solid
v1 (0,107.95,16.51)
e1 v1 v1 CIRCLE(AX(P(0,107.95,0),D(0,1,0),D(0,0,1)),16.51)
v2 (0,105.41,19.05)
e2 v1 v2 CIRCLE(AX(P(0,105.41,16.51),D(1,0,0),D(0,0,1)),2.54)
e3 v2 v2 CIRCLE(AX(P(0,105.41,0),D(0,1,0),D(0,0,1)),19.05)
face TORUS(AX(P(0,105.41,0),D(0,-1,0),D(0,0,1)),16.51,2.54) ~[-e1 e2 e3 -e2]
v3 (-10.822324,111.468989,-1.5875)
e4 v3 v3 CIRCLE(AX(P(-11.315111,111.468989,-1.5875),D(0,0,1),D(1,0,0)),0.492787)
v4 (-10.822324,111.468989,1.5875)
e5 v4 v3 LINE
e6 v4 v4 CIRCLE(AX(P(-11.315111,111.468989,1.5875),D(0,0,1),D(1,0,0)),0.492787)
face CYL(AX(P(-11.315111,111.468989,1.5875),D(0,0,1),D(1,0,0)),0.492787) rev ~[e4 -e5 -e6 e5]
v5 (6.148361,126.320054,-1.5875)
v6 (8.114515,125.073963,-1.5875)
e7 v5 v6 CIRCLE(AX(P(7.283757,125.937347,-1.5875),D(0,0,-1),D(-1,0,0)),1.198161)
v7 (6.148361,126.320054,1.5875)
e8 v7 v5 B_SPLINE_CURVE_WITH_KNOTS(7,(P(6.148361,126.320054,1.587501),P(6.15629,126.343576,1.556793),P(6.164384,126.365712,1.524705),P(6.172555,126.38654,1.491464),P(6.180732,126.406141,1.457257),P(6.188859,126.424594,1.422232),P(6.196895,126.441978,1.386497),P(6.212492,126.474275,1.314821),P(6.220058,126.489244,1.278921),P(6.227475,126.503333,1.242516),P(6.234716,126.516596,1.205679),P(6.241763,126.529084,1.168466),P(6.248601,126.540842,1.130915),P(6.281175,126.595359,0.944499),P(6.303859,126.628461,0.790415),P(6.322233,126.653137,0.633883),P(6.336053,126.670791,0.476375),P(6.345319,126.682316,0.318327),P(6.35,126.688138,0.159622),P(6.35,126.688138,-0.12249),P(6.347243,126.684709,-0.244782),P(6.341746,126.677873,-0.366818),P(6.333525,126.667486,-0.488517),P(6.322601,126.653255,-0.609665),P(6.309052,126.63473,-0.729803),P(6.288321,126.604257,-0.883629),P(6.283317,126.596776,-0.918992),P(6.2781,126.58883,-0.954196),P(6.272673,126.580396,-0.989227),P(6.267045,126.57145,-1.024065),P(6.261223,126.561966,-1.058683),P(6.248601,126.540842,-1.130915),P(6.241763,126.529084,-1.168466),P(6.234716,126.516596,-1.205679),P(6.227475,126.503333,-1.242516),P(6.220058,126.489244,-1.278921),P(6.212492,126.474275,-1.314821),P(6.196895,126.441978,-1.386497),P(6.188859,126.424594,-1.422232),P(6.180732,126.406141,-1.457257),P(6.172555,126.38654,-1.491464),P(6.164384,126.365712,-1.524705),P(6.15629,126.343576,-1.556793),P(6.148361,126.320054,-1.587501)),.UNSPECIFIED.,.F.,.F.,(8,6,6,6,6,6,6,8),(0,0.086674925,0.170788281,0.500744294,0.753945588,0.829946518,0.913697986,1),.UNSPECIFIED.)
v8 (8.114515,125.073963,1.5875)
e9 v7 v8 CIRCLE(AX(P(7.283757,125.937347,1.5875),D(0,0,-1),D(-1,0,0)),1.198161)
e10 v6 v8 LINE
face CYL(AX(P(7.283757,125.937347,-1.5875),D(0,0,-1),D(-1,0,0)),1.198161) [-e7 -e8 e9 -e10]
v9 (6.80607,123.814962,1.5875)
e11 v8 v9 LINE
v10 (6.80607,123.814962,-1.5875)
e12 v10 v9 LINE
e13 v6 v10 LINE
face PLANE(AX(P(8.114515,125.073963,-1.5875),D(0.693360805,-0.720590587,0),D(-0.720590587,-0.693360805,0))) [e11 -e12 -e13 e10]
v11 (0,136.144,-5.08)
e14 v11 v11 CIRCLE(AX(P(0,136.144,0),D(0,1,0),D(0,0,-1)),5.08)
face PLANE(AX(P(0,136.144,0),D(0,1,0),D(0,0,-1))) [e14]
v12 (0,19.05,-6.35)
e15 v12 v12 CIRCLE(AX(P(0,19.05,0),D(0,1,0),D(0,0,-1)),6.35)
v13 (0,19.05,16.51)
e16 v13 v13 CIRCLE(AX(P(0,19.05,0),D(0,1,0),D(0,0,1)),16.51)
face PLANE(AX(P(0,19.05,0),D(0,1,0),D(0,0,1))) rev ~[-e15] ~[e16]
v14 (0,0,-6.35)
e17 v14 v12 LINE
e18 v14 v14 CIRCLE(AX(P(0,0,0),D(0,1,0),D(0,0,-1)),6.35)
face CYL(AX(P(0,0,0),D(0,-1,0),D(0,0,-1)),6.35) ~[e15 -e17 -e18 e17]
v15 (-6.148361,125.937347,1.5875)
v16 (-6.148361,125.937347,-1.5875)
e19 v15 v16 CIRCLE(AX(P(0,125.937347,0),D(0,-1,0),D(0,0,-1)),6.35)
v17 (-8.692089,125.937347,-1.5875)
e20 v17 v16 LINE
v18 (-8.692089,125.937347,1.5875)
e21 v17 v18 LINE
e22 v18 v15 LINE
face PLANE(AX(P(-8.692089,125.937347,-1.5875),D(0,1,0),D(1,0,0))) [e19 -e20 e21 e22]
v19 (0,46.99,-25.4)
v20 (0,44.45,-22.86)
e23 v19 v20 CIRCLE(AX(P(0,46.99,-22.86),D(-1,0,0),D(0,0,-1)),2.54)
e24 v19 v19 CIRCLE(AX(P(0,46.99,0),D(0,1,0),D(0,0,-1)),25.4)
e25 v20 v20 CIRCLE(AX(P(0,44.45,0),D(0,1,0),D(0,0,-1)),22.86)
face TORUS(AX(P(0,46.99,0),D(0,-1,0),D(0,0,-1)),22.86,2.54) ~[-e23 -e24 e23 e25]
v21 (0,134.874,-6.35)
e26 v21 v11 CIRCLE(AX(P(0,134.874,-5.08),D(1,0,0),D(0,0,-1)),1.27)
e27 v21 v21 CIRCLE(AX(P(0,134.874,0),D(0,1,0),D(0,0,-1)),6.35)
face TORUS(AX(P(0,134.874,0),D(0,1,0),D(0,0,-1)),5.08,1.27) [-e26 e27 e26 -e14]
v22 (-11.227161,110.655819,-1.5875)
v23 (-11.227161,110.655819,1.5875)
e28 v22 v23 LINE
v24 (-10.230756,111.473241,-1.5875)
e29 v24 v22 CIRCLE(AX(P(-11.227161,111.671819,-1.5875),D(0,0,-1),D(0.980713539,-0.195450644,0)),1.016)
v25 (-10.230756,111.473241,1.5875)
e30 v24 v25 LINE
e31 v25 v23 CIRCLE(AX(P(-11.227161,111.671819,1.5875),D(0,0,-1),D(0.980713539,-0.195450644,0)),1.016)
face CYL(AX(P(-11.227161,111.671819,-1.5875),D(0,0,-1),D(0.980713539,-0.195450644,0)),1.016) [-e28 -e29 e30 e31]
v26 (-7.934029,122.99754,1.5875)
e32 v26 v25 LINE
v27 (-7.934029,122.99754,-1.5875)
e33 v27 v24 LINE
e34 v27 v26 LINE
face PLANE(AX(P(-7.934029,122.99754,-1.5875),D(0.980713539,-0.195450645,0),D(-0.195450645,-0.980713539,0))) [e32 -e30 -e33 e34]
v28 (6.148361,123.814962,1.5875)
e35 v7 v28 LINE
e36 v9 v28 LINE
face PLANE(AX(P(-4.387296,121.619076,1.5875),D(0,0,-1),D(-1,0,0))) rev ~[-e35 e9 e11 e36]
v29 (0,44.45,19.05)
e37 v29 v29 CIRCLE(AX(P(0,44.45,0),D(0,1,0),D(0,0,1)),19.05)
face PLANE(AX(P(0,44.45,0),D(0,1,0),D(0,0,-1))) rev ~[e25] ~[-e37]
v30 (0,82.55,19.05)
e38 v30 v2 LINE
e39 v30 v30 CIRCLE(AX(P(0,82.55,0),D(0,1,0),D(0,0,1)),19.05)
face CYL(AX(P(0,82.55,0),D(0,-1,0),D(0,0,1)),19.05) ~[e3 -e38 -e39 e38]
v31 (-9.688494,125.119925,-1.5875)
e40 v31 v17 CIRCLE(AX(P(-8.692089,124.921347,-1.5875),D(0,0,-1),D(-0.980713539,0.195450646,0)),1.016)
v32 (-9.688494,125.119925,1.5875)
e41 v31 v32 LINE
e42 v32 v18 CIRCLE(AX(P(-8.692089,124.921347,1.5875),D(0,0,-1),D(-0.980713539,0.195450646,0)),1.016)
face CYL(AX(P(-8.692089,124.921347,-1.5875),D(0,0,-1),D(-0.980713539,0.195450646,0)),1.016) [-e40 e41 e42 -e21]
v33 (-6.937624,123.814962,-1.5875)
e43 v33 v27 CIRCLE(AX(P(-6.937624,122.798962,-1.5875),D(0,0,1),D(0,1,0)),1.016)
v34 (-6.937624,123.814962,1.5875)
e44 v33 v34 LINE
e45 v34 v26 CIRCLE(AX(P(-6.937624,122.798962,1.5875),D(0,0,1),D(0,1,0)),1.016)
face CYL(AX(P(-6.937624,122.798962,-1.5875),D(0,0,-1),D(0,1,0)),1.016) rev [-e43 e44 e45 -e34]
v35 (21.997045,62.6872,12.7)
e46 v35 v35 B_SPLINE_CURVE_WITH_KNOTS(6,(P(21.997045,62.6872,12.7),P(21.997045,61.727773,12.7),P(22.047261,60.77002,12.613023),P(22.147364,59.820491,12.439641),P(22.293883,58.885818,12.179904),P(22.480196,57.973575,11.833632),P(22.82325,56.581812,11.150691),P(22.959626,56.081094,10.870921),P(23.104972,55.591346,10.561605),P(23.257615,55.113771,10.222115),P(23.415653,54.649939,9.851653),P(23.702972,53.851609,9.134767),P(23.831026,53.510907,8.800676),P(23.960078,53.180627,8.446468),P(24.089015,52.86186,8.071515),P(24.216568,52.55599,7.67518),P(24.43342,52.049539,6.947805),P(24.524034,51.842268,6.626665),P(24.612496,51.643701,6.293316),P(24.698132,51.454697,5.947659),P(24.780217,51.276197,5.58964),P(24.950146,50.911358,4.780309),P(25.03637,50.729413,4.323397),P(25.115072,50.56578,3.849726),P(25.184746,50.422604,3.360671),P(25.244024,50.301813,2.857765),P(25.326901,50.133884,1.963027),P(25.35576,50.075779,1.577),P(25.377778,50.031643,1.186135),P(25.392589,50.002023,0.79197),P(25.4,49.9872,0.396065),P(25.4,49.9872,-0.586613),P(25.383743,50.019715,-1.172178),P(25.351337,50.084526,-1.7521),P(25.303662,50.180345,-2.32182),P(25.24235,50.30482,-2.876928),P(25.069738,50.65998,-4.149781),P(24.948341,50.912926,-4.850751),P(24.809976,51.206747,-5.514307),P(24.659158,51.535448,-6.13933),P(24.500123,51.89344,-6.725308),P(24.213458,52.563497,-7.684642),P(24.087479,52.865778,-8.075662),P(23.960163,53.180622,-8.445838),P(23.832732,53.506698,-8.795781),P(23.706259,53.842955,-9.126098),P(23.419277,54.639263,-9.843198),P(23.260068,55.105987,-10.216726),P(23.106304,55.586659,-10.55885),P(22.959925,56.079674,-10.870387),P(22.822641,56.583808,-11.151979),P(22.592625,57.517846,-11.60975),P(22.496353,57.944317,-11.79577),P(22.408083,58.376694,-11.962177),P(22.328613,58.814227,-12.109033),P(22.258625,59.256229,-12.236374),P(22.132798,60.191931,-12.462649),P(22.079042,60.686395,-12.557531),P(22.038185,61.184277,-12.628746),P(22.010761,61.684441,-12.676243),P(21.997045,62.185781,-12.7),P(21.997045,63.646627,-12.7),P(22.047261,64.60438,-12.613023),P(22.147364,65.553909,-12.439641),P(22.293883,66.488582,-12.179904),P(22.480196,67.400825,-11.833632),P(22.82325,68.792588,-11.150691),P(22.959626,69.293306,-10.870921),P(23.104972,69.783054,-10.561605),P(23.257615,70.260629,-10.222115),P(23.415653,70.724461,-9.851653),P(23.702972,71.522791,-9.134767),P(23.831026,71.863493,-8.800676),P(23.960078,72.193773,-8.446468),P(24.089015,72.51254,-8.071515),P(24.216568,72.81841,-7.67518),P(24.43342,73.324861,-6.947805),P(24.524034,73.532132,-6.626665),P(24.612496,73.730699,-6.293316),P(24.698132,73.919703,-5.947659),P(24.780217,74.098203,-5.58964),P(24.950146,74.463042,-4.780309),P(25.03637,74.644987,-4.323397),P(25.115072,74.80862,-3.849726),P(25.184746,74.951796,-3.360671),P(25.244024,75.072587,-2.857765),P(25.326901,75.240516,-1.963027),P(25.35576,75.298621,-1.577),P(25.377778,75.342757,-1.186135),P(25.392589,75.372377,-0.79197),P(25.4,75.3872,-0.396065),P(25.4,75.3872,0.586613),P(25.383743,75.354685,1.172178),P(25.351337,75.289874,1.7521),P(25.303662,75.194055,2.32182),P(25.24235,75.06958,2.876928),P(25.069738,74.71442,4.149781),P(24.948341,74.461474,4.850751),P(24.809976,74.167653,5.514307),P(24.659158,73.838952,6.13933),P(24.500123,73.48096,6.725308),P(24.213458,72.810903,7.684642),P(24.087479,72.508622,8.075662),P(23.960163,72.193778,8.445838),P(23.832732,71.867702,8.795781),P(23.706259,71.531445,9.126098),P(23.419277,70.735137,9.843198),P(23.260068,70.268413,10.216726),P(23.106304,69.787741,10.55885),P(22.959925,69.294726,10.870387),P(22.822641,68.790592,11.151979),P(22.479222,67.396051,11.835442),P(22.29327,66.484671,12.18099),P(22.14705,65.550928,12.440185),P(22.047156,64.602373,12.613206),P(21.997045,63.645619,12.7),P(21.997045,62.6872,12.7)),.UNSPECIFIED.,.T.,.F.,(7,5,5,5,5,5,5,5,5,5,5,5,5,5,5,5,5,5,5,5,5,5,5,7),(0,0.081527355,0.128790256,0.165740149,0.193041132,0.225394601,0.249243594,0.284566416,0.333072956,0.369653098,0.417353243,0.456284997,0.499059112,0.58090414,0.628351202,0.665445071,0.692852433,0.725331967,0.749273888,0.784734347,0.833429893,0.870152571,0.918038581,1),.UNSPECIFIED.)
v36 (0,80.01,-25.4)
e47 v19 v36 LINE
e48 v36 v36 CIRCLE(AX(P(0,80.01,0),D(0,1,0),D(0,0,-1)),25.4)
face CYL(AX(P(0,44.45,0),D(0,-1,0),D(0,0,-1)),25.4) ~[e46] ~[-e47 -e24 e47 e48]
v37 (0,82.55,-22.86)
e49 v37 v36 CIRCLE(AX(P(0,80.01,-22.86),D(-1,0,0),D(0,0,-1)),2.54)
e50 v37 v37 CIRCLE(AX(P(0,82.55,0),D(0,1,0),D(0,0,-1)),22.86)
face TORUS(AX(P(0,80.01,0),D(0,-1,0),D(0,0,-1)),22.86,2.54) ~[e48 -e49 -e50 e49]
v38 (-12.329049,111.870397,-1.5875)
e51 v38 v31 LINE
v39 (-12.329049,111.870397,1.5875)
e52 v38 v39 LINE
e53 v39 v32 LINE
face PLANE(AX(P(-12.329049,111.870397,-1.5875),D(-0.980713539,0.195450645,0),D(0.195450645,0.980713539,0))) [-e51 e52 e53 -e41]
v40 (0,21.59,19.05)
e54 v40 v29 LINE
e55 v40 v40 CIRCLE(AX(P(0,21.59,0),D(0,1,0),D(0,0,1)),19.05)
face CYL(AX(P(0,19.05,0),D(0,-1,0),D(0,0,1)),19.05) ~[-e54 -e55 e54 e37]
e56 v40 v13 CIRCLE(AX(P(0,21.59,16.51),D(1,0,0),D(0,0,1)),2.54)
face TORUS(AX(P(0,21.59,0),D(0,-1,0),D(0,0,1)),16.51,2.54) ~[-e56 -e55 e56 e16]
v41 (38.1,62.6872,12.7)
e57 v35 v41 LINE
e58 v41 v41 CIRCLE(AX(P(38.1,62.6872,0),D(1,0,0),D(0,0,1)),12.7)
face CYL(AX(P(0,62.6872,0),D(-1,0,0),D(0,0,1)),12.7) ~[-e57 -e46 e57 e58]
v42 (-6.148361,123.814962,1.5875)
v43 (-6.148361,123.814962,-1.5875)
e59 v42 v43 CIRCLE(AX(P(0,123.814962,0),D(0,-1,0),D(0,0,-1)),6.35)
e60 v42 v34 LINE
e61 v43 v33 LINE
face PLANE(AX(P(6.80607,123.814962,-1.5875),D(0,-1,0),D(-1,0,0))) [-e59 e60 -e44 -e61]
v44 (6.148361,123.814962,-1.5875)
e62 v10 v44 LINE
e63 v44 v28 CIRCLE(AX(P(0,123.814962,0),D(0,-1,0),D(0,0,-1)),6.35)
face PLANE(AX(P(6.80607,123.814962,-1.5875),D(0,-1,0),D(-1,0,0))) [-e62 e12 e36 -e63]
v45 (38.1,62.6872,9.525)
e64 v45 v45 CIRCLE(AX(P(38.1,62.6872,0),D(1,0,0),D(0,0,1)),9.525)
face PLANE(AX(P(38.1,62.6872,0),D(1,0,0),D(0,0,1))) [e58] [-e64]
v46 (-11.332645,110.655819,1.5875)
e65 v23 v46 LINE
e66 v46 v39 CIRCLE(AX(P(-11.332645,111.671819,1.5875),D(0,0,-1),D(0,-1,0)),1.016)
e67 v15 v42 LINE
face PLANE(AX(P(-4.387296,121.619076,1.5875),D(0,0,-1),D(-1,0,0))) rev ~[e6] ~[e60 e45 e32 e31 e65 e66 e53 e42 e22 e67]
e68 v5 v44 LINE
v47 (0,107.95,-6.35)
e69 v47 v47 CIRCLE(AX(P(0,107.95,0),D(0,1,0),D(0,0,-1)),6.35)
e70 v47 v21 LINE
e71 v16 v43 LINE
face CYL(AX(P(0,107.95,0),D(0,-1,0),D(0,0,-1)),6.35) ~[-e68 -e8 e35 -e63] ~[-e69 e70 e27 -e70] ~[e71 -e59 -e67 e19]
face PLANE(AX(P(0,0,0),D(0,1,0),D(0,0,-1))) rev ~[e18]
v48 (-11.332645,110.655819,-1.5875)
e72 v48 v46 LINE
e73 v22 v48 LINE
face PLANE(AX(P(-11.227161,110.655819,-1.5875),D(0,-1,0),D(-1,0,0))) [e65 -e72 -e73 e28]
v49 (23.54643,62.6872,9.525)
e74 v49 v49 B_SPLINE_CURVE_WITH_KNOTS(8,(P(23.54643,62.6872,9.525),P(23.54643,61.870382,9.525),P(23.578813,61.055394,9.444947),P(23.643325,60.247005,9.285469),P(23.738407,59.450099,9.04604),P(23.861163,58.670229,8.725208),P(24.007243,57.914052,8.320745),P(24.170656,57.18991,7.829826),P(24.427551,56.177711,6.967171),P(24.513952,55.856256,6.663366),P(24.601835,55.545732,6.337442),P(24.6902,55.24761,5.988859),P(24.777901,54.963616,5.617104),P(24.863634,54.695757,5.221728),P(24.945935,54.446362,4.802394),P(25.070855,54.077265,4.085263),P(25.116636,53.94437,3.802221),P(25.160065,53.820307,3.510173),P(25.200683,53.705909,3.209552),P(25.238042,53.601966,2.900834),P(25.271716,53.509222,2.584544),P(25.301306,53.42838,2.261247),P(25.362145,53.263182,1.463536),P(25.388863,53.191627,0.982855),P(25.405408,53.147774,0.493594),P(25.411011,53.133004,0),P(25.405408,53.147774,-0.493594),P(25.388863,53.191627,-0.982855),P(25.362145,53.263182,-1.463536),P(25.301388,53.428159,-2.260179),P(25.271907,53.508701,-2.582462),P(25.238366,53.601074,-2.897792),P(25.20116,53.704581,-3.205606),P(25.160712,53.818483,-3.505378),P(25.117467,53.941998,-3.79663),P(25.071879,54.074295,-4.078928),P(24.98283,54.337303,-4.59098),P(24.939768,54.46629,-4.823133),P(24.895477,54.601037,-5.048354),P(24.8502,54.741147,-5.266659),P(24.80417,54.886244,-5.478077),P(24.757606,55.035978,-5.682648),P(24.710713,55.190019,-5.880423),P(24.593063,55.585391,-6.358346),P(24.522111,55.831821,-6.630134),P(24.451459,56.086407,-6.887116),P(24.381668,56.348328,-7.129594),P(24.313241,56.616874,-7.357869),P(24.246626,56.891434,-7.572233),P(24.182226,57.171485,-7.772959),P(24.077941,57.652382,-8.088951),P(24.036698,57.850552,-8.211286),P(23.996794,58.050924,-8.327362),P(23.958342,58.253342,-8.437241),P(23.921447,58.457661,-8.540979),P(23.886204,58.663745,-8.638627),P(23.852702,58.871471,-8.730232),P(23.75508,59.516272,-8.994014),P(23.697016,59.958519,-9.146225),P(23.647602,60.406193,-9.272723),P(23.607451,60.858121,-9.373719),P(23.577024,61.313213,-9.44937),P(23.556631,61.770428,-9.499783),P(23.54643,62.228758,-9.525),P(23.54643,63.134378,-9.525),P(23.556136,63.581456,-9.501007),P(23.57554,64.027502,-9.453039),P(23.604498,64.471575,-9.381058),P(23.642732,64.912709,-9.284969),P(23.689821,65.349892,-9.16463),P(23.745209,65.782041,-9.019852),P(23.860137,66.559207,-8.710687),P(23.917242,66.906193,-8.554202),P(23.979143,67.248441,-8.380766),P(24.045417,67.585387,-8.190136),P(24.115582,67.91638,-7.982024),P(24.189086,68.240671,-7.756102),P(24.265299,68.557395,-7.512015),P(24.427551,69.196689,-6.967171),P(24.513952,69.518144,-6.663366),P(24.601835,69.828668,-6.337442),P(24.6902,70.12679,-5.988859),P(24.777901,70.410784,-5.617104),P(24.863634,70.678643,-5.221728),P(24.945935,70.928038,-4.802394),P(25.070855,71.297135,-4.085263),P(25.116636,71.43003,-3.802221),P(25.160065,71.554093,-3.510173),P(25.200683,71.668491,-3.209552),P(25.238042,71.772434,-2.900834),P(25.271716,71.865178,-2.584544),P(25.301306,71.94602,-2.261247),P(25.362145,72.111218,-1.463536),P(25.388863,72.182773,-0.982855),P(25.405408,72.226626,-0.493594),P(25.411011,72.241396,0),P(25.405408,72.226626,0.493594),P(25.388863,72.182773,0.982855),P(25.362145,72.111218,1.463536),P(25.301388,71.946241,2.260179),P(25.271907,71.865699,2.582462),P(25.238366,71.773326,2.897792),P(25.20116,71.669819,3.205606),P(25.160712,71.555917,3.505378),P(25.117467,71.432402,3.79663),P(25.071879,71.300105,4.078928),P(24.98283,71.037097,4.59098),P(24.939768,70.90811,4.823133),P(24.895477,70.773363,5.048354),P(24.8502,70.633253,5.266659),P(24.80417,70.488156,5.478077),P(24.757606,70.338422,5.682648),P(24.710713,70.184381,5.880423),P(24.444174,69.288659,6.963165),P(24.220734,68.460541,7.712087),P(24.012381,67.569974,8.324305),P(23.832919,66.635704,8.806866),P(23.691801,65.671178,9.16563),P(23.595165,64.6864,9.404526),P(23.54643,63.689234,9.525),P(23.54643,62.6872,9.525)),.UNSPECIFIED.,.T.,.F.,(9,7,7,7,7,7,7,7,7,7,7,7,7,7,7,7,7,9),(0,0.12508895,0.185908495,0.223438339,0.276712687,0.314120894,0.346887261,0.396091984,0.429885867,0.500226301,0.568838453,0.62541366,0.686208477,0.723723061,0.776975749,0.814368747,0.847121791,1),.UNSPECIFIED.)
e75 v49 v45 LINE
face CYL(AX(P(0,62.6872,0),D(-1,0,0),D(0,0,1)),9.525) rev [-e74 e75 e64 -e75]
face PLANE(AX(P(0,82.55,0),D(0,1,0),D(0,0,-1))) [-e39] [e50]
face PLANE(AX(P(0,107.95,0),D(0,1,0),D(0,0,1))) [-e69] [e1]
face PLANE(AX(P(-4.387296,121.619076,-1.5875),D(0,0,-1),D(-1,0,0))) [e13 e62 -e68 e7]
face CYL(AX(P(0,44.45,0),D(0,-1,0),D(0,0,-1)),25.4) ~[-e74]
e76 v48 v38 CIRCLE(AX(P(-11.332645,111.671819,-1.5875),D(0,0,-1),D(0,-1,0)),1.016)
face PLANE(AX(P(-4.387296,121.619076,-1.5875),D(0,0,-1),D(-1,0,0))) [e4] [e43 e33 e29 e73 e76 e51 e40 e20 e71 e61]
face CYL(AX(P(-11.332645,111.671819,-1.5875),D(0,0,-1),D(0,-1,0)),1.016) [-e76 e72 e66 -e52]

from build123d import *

# Parameters (mm, degrees)
SKETCH1_R                = 6.35
BOSS_EXTRUDE1_DEPTH      = 19.05
SKETCH2_R                = 19.05
BOSS_EXTRUDE2_DEPTH      = 25.4
SKETCH3_R                = 25.4
BOSS_EXTRUDE3_DEPTH      = 38.1
SKETCH4_R                = 19.05
BOSS_EXTRUDE4_DEPTH      = 25.4
SKETCH6_R                = 6.35
BOSS_EXTRUDE5_DEPTH      = 28.194
SKETCH8_R                = 12.7
SKETCH8_R_2              = 9.525
BOSS_EXTRUDE7_DEPTH      = 38.1
BOSS_EXTRUDE8_DEPTH      = 1.5875
BOSS_EXTRUDE8_DEPTH_BACK = 1.5875
FILLET1_R                = 2.54
FILLET3_R                = 1.27
CUT_EXTRUDE1_REACH       = 145.927
SKETCH10_R               = 0.492787201


with BuildPart() as part:
    # Sketch1 → Boss-Extrude1 (new body)
    with BuildSketch(Plane(origin=(0, 0, 0), x_dir=(1, 0, 0), z_dir=(0, 1, 0))):
        Circle(SKETCH1_R)
    extrude(amount=BOSS_EXTRUDE1_DEPTH)

    # Sketch2 → Boss-Extrude2 (add)
    with BuildSketch(Plane(origin=(0, 19.05, 0), x_dir=(1, 0, 0), z_dir=(0, 1, 0))):
        Circle(SKETCH2_R)
    extrude(amount=BOSS_EXTRUDE2_DEPTH)

    # Sketch3 → Boss-Extrude3 (add)
    with BuildSketch(Plane(origin=(0, 44.45, 0), x_dir=(1, 0, 0), z_dir=(0, 1, 0))):
        Circle(SKETCH3_R)
    extrude(amount=BOSS_EXTRUDE3_DEPTH)

    # Sketch4 → Boss-Extrude4 (add)
    with BuildSketch(Plane(origin=(0, 82.55, 0), x_dir=(1, 0, 0), z_dir=(0, 1, 0))):
        Circle(SKETCH4_R)
    extrude(amount=BOSS_EXTRUDE4_DEPTH)

    # Sketch6 → Boss-Extrude5 (add)
    with BuildSketch(Plane(origin=(0, 107.95, 0), x_dir=(1, 0, 0), z_dir=(0, 1, 0))):
        Circle(SKETCH6_R)
    extrude(amount=BOSS_EXTRUDE5_DEPTH)

    # Sketch8 → Boss-Extrude7 (add)
    with BuildSketch(Plane(origin=(0, 0, 0), x_dir=(0, 0, -1), z_dir=(1, 0, 0))):
        with Locations((0, 62.6872)):
            Circle(SKETCH8_R)
        with Locations((0, 62.6872)):
            Circle(SKETCH8_R_2, mode=Mode.SUBTRACT)
    extrude(amount=BOSS_EXTRUDE7_DEPTH)

    # Sketch9 → Boss-Extrude8 (add, two sides: drawn at the far end of the back side and taken through both)
    with BuildSketch(Plane.XY.offset(-BOSS_EXTRUDE8_DEPTH_BACK)):
        with BuildLine():
            Line((8.114515419, 125.073963283), (6.806070155, 123.814961738))
            Line((6.806070155, 123.814961738), (-6.937623928, 123.814961738))
            ThreePointArc((-6.937623928, 123.814961738), (-7.582023221, 123.584458747), (-7.934028883, 122.997539593))
            Line((-7.934028883, 122.997539593), (-10.230756182, 111.473241157))
            ThreePointArc((-10.230756182, 111.473241157), (-10.582761844, 110.886322003), (-11.227161138, 110.655819012))
            Line((-11.227161138, 110.655819012), (-11.332644522, 110.655819012))
            ThreePointArc((-11.332644522, 110.655819012), (-12.11814153, 111.027419718), (-12.329049477, 111.870396866))
            Line((-12.329049477, 111.870396866), (-9.688493735, 125.119924761))
            ThreePointArc((-9.688493735, 125.119924761), (-9.336488073, 125.706843914), (-8.692088779, 125.937346906))
            Line((-8.692088779, 125.937346906), (6.085596345, 125.937346906))
            ThreePointArc((6.085596345, 125.937346906), (7.752909986, 127.03983771), (8.114515419, 125.073963283))
        make_face()
    extrude(amount=BOSS_EXTRUDE8_DEPTH + BOSS_EXTRUDE8_DEPTH_BACK)

    # Fillet1
    fillet1_edges = [part.edges().sort_by_distance(p)[0] for p in [
        (-19.05, 19.05, 0),
        (-25.4, 44.45, 0),
        (-25.4, 82.55, 0),
        (-19.05, 107.95, 0),
    ]]
    fillet(fillet1_edges, radius=FILLET1_R)

    # Fillet3
    fillet3_edges = [part.edges().sort_by_distance(p)[0] for p in [
        (-6.35, 136.144, 0),
    ]]
    fillet(fillet3_edges, radius=FILLET3_R)

    # Sketch10 → Cut-Extrude1 (cut, up to next)
    with BuildSketch(Plane.XY.offset(1.5875), mode=Mode.PRIVATE) as cut_extrude1_sk1:
        with Locations((-11.315111441, 111.468988839)):
            Circle(SKETCH10_R)
    cut_extrude1_tool1 = extrude(cut_extrude1_sk1.sketch, amount=-CUT_EXTRUDE1_REACH, mode=Mode.PRIVATE) & part.part
    add(cut_extrude1_tool1.solids().sort_by_distance((-11.315111, 111.468989, 1.5875))[0], mode=Mode.SUBTRACT)


solid = part.part
